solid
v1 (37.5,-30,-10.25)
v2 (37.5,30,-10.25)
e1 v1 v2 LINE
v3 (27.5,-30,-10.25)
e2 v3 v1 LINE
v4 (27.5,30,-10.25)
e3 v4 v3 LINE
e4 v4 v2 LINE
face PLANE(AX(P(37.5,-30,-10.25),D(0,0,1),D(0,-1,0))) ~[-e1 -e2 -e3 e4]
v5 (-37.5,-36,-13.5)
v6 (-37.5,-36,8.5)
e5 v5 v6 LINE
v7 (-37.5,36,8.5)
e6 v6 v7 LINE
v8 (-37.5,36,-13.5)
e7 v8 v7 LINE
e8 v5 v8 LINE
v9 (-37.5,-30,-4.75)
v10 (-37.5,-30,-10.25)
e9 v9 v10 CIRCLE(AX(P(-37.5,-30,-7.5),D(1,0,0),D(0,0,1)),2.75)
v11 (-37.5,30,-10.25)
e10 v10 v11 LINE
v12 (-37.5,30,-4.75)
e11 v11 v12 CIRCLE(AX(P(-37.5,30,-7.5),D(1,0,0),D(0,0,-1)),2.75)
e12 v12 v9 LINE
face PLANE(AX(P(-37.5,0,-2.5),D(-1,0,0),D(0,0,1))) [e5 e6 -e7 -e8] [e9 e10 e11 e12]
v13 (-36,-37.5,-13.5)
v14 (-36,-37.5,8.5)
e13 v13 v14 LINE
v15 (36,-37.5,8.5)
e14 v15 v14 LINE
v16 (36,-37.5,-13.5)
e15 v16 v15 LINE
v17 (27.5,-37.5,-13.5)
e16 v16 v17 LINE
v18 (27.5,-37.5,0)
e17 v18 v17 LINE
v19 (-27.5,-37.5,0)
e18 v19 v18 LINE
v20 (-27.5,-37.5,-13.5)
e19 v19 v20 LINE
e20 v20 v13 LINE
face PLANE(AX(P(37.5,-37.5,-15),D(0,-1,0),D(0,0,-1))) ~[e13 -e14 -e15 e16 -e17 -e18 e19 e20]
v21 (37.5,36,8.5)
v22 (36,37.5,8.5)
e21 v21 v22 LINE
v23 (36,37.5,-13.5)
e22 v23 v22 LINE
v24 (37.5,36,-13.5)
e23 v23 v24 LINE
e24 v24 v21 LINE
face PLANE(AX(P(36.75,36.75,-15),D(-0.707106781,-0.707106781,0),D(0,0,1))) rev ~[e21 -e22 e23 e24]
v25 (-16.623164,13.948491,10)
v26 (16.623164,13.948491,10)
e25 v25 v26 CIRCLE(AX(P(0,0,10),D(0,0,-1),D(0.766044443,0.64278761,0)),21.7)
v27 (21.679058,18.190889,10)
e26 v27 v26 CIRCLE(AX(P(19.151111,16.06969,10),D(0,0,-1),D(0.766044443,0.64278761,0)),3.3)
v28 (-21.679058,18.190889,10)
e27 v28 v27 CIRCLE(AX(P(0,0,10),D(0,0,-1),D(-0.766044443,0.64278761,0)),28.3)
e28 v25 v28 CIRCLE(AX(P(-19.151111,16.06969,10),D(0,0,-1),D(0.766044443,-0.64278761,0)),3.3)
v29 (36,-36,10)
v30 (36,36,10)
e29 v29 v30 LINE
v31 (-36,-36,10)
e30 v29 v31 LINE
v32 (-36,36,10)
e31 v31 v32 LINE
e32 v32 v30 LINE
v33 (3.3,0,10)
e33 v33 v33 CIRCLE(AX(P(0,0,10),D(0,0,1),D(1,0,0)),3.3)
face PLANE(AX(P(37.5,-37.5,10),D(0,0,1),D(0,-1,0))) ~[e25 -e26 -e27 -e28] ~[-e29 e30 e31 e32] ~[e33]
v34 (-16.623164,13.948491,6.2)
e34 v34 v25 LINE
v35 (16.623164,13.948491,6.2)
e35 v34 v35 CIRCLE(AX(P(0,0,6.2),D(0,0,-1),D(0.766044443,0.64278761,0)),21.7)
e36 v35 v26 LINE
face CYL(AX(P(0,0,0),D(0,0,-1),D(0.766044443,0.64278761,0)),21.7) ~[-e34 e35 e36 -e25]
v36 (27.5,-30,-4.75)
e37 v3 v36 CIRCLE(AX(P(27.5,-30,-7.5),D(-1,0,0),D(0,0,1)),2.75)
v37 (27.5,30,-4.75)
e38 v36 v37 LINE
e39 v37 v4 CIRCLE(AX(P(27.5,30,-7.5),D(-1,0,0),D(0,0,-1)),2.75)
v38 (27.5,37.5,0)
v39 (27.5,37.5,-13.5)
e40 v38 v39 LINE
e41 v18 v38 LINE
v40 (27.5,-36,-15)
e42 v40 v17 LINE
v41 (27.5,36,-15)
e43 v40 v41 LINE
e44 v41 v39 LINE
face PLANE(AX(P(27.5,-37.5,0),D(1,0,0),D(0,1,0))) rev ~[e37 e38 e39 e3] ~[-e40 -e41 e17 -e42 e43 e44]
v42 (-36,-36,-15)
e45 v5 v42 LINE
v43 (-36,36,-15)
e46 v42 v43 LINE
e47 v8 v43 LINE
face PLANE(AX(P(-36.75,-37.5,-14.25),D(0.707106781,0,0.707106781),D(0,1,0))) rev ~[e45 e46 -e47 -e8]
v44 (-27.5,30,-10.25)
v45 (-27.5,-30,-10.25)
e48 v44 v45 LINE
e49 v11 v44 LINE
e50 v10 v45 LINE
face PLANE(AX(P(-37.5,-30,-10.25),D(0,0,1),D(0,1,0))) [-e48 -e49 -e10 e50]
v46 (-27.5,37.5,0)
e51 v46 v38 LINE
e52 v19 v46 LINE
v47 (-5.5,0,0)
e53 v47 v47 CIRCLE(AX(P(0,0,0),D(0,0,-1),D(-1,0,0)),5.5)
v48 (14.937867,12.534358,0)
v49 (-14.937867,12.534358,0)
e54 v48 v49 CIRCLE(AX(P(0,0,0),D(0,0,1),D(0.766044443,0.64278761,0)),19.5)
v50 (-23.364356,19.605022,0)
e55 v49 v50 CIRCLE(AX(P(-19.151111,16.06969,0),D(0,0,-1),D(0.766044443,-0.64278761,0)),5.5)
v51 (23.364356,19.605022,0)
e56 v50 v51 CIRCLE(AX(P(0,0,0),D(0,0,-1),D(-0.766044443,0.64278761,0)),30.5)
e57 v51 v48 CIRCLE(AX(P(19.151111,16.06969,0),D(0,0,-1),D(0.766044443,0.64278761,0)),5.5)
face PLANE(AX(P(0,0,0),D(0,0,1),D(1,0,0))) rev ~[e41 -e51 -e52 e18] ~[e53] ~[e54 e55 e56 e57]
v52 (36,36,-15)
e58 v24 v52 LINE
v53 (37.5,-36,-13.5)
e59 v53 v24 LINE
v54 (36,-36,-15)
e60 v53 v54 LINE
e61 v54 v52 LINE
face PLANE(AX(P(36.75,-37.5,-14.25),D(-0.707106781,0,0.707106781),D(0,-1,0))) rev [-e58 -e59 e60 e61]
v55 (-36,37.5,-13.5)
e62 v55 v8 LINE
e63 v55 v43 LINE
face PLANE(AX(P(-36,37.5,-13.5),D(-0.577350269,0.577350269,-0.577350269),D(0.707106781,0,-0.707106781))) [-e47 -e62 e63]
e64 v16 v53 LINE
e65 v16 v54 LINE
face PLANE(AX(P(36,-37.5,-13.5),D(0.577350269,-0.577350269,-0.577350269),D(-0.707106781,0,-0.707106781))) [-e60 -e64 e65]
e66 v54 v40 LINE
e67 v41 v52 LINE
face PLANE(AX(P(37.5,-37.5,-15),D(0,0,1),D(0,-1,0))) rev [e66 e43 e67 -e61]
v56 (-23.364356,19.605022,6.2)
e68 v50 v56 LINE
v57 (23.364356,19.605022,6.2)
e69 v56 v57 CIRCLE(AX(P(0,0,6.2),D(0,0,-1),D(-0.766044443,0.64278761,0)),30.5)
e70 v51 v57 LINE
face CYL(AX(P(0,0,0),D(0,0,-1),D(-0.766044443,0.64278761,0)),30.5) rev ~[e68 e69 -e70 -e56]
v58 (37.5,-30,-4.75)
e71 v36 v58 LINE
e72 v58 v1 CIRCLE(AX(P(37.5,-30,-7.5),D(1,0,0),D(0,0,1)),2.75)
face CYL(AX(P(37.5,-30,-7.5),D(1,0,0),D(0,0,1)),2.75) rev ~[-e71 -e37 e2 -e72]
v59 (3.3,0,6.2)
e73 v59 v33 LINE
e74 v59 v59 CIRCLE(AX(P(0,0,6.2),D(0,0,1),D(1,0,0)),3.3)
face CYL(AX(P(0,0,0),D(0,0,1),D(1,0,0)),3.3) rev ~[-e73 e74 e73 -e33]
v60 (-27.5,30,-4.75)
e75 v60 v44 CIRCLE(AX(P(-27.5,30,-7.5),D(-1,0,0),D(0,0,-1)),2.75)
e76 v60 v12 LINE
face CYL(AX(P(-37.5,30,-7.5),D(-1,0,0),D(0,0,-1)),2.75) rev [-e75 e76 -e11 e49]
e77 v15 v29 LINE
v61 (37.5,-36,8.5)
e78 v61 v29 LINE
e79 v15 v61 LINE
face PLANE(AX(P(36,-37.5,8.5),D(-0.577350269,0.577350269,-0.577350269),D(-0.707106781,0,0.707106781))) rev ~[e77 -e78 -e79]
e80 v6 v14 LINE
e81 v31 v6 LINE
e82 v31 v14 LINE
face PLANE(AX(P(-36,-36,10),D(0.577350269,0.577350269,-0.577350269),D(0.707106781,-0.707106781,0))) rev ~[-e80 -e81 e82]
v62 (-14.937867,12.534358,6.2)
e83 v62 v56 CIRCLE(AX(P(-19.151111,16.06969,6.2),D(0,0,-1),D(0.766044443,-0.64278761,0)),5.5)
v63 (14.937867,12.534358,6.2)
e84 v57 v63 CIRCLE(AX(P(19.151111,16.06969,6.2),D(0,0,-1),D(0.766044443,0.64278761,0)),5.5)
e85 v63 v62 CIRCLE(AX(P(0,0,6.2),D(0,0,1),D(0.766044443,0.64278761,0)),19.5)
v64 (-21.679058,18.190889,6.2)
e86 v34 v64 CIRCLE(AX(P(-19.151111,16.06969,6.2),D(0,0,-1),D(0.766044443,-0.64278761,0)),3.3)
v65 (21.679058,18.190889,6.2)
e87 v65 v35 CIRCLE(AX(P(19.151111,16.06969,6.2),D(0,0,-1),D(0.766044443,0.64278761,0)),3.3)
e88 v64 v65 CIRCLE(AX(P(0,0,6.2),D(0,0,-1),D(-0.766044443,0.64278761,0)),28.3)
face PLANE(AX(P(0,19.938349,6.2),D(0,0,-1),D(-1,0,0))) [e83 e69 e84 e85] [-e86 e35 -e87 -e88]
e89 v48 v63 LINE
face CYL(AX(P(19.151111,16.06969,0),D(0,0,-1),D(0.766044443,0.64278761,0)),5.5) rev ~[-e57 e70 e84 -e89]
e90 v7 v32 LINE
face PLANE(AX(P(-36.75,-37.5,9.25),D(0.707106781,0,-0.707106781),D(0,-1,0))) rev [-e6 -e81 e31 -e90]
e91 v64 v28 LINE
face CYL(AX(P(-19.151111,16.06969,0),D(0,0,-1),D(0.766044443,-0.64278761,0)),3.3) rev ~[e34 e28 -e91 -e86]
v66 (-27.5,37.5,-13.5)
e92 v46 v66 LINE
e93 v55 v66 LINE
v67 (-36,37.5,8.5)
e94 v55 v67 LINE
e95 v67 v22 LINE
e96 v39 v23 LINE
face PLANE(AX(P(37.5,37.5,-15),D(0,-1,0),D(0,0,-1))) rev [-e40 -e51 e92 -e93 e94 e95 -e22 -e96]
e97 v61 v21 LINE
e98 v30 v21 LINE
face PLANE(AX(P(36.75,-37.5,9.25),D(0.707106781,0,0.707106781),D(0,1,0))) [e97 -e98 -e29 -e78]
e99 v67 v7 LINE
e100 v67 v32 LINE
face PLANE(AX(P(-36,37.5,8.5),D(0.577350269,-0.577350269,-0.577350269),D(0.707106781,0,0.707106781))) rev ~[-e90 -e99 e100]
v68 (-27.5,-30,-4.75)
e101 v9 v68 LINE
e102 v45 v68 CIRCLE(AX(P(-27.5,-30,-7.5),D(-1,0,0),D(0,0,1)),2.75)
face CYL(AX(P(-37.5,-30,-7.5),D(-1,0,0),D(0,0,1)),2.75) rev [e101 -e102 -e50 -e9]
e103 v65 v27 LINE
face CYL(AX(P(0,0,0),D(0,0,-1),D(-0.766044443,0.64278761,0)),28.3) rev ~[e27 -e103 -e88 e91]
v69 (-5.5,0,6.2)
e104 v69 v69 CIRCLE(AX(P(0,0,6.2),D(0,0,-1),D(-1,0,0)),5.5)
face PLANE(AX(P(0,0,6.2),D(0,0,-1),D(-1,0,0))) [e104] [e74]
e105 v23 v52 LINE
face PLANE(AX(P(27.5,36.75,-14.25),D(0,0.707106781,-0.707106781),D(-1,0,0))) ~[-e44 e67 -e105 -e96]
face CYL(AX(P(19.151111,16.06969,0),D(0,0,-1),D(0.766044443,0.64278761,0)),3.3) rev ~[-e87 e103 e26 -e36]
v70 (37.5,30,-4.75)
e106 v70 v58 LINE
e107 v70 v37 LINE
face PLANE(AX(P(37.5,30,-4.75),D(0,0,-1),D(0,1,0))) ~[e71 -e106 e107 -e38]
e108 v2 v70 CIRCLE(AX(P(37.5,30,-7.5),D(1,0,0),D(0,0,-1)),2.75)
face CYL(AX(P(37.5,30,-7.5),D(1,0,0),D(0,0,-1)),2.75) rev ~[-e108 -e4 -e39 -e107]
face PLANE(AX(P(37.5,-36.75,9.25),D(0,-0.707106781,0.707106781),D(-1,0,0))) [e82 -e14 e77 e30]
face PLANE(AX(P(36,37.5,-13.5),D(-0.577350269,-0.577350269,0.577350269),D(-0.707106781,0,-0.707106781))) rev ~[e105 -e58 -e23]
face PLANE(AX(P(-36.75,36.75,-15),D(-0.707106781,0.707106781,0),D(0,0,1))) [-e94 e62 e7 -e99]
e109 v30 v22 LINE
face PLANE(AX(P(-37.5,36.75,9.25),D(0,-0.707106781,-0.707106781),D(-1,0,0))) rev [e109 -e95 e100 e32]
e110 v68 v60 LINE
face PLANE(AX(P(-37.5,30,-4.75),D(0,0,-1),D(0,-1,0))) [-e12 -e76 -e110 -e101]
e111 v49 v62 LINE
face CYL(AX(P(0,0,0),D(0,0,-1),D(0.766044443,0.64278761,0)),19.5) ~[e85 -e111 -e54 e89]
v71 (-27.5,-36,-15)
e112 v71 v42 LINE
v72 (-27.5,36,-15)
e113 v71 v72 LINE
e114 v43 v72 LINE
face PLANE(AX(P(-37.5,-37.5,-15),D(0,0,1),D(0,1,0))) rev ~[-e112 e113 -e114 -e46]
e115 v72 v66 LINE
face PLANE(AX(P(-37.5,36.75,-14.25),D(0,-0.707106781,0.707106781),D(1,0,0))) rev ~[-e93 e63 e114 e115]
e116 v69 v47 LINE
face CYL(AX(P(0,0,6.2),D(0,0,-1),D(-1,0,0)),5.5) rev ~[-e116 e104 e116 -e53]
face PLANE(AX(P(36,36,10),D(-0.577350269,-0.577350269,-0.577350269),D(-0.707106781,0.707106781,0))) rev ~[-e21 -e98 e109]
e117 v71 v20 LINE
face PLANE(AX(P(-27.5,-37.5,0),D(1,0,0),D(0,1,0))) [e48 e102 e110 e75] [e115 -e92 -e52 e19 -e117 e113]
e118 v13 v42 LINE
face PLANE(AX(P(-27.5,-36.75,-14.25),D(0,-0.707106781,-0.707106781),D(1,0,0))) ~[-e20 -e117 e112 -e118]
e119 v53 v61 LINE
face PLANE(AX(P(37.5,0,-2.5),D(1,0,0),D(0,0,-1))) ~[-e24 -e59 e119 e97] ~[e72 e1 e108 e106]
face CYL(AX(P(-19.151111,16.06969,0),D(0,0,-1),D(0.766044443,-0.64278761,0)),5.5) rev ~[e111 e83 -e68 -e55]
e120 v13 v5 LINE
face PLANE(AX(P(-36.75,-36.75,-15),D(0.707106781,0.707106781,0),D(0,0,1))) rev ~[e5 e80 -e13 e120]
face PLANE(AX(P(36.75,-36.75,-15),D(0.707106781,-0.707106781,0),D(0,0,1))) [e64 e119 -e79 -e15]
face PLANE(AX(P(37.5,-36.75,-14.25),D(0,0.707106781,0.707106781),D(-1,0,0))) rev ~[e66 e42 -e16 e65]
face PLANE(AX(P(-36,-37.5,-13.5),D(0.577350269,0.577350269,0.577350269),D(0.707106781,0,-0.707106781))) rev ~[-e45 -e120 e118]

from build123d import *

# Parameters (mm, degrees)
SKETCH1_W                                           = 65
SKETCH1_H                                           = 75
BOSS_EXTRUDE1_DEPTH                                 = 10
SKETCH2_W                                           = 5
SKETCH2_H                                           = 75
BOSS_EXTRUDE2_DEPTH                                 = 15
CUT_EXTRUDE1_DEPTH                                  = 109
CUT_EXTRUDE3_DEPTH                                  = 6.2
CUT_EXTRUDE4_DEPTH                                  = 48.4
CBORE_FOR_M6_HEX_SOCKET_HEAD_CAP_SCREW1_D           = 6.6
CBORE_FOR_M6_HEX_SOCKET_HEAD_CAP_SCREW1_CBORE_D     = 11
CBORE_FOR_M6_HEX_SOCKET_HEAD_CAP_SCREW1_CBORE_DEPTH = 6.2
BOSS_EXTRUDE3_START                                 = 5
SKETCH9_W                                           = 25
SKETCH9_H                                           = 75
BOSS_EXTRUDE3_DEPTH                                 = 5
CHAMFER1_SIZE                                       = 1.5


with BuildPart() as part:
    # Sketch1 → Boss-Extrude1 (new body)
    with BuildSketch(Plane.XY):
        Rectangle(SKETCH1_W, SKETCH1_H)
    extrude(amount=BOSS_EXTRUDE1_DEPTH)

    # Sketch2 → Boss-Extrude2 (add)
    with BuildSketch(Plane(origin=(0, 0, 0), x_dir=(-1, 0, 0), z_dir=(0, 0, -1))):
        with Locations((-30, 0)):
            Rectangle(SKETCH2_W, SKETCH2_H)
        with Locations((30, 0)):
            Rectangle(SKETCH2_W, SKETCH2_H)
    extrude(amount=BOSS_EXTRUDE2_DEPTH)

    # Sketch3 → Cut-Extrude1 (cut)
    with BuildSketch(Plane.ZY.offset(32.5)):
        with BuildLine():
            Line((-4.75, 30), (-4.75, -30))
            ThreePointArc((-4.75, -30), (-7.5, -32.75), (-10.25, -30))
            Line((-10.25, -30), (-10.25, 30))
            ThreePointArc((-10.25, 30), (-7.5, 32.75), (-4.75, 30))
        make_face()
    extrude(amount=-CUT_EXTRUDE1_DEPTH, mode=Mode.SUBTRACT)

    # Sketch4 → Cut-Extrude3 (cut)
    with BuildSketch(Plane(origin=(0, 0, 0), x_dir=(-1, 0, 0), z_dir=(0, 0, -1))):
        with BuildLine():
            ThreePointArc((-23.364355515, 19.605022095), (-22.686442931, 11.856445805), (-14.937866641, 12.534358389))
            ThreePointArc((-14.937866641, 12.534358389), (0, 19.5), (14.937866641, 12.534358389))
            ThreePointArc((14.937866641, 12.534358389), (22.686442931, 11.856445805), (23.364355515, 19.605022095))
            ThreePointArc((23.364355515, 19.605022095), (0, 30.5), (-23.364355515, 19.605022095))
        make_face()
    extrude(amount=-CUT_EXTRUDE3_DEPTH, mode=Mode.SUBTRACT)

    # Sketch5 → Cut-Extrude4 (cut)
    with BuildSketch(Plane(origin=(0, 0, 0), x_dir=(-1, 0, 0), z_dir=(0, 0, -1))):
        with BuildLine():
            ThreePointArc((-21.67905774, 18.190889354), (-21.27231019, 13.54174358), (-16.623164416, 13.94849113))
            ThreePointArc((-16.623164416, 13.94849113), (0, 21.7), (16.623164416, 13.94849113))
            ThreePointArc((16.623164416, 13.94849113), (21.27231019, 13.54174358), (21.67905774, 18.190889354))
            ThreePointArc((21.67905774, 18.190889354), (0, 28.3), (-21.67905774, 18.190889354))
        make_face()
    extrude(amount=-CUT_EXTRUDE4_DEPTH, mode=Mode.SUBTRACT)

    # CBORE for M6 Hex Socket Head Cap Screw1 (through all)
    with Locations(Plane(origin=(0, 0, 0), x_dir=(-1, 0, 0), z_dir=(0, 0, -1))):
        with Locations((0, 0)):
            CounterBoreHole(CBORE_FOR_M6_HEX_SOCKET_HEAD_CAP_SCREW1_D / 2, CBORE_FOR_M6_HEX_SOCKET_HEAD_CAP_SCREW1_CBORE_D / 2, CBORE_FOR_M6_HEX_SOCKET_HEAD_CAP_SCREW1_CBORE_DEPTH)

    # Sketch9 → Boss-Extrude3 (add)
    with BuildSketch(Plane.ZY.offset(32.5).offset(BOSS_EXTRUDE3_START)):
        with Locations((-2.5, 0)):
            Rectangle(SKETCH9_W, SKETCH9_H)
        with BuildLine():
            Line((-4.75, 30), (-4.75, -30))
            ThreePointArc((-4.75, -30), (-7.5, -32.75), (-10.25, -30))
            Line((-10.25, -30), (-10.25, 30))
            ThreePointArc((-10.25, 30), (-7.5, 32.75), (-4.75, 30))
        make_face(mode=Mode.SUBTRACT)
    boss_extrude3 = extrude(amount=-BOSS_EXTRUDE3_DEPTH)

    # Mirror1: Boss-Extrude3 across plane
    add(boss_extrude3.mirror(Plane.ZY))

    # Chamfer1
    chamfer1_edges = [part.edges().sort_by_distance(p)[0] for p in [
        (-37.5, 0, -15),
        (-37.5, -37.5, -2.5),
        (-37.5, 0, 10),
        (-37.5, 37.5, -2.5),
        (37.5, 0, -15),
        (37.5, 37.5, -2.5),
        (37.5, 0, 10),
        (37.5, -37.5, -2.5),
        (0, -37.5, 10),
        (32.5, -37.5, -15),
        (32.5, 37.5, -15),
        (-32.5, 37.5, -15),
        (-32.5, -37.5, -15),
        (0, 37.5, 10),
    ]]
    chamfer(chamfer1_edges, length=CHAMFER1_SIZE)


solid = part.part
